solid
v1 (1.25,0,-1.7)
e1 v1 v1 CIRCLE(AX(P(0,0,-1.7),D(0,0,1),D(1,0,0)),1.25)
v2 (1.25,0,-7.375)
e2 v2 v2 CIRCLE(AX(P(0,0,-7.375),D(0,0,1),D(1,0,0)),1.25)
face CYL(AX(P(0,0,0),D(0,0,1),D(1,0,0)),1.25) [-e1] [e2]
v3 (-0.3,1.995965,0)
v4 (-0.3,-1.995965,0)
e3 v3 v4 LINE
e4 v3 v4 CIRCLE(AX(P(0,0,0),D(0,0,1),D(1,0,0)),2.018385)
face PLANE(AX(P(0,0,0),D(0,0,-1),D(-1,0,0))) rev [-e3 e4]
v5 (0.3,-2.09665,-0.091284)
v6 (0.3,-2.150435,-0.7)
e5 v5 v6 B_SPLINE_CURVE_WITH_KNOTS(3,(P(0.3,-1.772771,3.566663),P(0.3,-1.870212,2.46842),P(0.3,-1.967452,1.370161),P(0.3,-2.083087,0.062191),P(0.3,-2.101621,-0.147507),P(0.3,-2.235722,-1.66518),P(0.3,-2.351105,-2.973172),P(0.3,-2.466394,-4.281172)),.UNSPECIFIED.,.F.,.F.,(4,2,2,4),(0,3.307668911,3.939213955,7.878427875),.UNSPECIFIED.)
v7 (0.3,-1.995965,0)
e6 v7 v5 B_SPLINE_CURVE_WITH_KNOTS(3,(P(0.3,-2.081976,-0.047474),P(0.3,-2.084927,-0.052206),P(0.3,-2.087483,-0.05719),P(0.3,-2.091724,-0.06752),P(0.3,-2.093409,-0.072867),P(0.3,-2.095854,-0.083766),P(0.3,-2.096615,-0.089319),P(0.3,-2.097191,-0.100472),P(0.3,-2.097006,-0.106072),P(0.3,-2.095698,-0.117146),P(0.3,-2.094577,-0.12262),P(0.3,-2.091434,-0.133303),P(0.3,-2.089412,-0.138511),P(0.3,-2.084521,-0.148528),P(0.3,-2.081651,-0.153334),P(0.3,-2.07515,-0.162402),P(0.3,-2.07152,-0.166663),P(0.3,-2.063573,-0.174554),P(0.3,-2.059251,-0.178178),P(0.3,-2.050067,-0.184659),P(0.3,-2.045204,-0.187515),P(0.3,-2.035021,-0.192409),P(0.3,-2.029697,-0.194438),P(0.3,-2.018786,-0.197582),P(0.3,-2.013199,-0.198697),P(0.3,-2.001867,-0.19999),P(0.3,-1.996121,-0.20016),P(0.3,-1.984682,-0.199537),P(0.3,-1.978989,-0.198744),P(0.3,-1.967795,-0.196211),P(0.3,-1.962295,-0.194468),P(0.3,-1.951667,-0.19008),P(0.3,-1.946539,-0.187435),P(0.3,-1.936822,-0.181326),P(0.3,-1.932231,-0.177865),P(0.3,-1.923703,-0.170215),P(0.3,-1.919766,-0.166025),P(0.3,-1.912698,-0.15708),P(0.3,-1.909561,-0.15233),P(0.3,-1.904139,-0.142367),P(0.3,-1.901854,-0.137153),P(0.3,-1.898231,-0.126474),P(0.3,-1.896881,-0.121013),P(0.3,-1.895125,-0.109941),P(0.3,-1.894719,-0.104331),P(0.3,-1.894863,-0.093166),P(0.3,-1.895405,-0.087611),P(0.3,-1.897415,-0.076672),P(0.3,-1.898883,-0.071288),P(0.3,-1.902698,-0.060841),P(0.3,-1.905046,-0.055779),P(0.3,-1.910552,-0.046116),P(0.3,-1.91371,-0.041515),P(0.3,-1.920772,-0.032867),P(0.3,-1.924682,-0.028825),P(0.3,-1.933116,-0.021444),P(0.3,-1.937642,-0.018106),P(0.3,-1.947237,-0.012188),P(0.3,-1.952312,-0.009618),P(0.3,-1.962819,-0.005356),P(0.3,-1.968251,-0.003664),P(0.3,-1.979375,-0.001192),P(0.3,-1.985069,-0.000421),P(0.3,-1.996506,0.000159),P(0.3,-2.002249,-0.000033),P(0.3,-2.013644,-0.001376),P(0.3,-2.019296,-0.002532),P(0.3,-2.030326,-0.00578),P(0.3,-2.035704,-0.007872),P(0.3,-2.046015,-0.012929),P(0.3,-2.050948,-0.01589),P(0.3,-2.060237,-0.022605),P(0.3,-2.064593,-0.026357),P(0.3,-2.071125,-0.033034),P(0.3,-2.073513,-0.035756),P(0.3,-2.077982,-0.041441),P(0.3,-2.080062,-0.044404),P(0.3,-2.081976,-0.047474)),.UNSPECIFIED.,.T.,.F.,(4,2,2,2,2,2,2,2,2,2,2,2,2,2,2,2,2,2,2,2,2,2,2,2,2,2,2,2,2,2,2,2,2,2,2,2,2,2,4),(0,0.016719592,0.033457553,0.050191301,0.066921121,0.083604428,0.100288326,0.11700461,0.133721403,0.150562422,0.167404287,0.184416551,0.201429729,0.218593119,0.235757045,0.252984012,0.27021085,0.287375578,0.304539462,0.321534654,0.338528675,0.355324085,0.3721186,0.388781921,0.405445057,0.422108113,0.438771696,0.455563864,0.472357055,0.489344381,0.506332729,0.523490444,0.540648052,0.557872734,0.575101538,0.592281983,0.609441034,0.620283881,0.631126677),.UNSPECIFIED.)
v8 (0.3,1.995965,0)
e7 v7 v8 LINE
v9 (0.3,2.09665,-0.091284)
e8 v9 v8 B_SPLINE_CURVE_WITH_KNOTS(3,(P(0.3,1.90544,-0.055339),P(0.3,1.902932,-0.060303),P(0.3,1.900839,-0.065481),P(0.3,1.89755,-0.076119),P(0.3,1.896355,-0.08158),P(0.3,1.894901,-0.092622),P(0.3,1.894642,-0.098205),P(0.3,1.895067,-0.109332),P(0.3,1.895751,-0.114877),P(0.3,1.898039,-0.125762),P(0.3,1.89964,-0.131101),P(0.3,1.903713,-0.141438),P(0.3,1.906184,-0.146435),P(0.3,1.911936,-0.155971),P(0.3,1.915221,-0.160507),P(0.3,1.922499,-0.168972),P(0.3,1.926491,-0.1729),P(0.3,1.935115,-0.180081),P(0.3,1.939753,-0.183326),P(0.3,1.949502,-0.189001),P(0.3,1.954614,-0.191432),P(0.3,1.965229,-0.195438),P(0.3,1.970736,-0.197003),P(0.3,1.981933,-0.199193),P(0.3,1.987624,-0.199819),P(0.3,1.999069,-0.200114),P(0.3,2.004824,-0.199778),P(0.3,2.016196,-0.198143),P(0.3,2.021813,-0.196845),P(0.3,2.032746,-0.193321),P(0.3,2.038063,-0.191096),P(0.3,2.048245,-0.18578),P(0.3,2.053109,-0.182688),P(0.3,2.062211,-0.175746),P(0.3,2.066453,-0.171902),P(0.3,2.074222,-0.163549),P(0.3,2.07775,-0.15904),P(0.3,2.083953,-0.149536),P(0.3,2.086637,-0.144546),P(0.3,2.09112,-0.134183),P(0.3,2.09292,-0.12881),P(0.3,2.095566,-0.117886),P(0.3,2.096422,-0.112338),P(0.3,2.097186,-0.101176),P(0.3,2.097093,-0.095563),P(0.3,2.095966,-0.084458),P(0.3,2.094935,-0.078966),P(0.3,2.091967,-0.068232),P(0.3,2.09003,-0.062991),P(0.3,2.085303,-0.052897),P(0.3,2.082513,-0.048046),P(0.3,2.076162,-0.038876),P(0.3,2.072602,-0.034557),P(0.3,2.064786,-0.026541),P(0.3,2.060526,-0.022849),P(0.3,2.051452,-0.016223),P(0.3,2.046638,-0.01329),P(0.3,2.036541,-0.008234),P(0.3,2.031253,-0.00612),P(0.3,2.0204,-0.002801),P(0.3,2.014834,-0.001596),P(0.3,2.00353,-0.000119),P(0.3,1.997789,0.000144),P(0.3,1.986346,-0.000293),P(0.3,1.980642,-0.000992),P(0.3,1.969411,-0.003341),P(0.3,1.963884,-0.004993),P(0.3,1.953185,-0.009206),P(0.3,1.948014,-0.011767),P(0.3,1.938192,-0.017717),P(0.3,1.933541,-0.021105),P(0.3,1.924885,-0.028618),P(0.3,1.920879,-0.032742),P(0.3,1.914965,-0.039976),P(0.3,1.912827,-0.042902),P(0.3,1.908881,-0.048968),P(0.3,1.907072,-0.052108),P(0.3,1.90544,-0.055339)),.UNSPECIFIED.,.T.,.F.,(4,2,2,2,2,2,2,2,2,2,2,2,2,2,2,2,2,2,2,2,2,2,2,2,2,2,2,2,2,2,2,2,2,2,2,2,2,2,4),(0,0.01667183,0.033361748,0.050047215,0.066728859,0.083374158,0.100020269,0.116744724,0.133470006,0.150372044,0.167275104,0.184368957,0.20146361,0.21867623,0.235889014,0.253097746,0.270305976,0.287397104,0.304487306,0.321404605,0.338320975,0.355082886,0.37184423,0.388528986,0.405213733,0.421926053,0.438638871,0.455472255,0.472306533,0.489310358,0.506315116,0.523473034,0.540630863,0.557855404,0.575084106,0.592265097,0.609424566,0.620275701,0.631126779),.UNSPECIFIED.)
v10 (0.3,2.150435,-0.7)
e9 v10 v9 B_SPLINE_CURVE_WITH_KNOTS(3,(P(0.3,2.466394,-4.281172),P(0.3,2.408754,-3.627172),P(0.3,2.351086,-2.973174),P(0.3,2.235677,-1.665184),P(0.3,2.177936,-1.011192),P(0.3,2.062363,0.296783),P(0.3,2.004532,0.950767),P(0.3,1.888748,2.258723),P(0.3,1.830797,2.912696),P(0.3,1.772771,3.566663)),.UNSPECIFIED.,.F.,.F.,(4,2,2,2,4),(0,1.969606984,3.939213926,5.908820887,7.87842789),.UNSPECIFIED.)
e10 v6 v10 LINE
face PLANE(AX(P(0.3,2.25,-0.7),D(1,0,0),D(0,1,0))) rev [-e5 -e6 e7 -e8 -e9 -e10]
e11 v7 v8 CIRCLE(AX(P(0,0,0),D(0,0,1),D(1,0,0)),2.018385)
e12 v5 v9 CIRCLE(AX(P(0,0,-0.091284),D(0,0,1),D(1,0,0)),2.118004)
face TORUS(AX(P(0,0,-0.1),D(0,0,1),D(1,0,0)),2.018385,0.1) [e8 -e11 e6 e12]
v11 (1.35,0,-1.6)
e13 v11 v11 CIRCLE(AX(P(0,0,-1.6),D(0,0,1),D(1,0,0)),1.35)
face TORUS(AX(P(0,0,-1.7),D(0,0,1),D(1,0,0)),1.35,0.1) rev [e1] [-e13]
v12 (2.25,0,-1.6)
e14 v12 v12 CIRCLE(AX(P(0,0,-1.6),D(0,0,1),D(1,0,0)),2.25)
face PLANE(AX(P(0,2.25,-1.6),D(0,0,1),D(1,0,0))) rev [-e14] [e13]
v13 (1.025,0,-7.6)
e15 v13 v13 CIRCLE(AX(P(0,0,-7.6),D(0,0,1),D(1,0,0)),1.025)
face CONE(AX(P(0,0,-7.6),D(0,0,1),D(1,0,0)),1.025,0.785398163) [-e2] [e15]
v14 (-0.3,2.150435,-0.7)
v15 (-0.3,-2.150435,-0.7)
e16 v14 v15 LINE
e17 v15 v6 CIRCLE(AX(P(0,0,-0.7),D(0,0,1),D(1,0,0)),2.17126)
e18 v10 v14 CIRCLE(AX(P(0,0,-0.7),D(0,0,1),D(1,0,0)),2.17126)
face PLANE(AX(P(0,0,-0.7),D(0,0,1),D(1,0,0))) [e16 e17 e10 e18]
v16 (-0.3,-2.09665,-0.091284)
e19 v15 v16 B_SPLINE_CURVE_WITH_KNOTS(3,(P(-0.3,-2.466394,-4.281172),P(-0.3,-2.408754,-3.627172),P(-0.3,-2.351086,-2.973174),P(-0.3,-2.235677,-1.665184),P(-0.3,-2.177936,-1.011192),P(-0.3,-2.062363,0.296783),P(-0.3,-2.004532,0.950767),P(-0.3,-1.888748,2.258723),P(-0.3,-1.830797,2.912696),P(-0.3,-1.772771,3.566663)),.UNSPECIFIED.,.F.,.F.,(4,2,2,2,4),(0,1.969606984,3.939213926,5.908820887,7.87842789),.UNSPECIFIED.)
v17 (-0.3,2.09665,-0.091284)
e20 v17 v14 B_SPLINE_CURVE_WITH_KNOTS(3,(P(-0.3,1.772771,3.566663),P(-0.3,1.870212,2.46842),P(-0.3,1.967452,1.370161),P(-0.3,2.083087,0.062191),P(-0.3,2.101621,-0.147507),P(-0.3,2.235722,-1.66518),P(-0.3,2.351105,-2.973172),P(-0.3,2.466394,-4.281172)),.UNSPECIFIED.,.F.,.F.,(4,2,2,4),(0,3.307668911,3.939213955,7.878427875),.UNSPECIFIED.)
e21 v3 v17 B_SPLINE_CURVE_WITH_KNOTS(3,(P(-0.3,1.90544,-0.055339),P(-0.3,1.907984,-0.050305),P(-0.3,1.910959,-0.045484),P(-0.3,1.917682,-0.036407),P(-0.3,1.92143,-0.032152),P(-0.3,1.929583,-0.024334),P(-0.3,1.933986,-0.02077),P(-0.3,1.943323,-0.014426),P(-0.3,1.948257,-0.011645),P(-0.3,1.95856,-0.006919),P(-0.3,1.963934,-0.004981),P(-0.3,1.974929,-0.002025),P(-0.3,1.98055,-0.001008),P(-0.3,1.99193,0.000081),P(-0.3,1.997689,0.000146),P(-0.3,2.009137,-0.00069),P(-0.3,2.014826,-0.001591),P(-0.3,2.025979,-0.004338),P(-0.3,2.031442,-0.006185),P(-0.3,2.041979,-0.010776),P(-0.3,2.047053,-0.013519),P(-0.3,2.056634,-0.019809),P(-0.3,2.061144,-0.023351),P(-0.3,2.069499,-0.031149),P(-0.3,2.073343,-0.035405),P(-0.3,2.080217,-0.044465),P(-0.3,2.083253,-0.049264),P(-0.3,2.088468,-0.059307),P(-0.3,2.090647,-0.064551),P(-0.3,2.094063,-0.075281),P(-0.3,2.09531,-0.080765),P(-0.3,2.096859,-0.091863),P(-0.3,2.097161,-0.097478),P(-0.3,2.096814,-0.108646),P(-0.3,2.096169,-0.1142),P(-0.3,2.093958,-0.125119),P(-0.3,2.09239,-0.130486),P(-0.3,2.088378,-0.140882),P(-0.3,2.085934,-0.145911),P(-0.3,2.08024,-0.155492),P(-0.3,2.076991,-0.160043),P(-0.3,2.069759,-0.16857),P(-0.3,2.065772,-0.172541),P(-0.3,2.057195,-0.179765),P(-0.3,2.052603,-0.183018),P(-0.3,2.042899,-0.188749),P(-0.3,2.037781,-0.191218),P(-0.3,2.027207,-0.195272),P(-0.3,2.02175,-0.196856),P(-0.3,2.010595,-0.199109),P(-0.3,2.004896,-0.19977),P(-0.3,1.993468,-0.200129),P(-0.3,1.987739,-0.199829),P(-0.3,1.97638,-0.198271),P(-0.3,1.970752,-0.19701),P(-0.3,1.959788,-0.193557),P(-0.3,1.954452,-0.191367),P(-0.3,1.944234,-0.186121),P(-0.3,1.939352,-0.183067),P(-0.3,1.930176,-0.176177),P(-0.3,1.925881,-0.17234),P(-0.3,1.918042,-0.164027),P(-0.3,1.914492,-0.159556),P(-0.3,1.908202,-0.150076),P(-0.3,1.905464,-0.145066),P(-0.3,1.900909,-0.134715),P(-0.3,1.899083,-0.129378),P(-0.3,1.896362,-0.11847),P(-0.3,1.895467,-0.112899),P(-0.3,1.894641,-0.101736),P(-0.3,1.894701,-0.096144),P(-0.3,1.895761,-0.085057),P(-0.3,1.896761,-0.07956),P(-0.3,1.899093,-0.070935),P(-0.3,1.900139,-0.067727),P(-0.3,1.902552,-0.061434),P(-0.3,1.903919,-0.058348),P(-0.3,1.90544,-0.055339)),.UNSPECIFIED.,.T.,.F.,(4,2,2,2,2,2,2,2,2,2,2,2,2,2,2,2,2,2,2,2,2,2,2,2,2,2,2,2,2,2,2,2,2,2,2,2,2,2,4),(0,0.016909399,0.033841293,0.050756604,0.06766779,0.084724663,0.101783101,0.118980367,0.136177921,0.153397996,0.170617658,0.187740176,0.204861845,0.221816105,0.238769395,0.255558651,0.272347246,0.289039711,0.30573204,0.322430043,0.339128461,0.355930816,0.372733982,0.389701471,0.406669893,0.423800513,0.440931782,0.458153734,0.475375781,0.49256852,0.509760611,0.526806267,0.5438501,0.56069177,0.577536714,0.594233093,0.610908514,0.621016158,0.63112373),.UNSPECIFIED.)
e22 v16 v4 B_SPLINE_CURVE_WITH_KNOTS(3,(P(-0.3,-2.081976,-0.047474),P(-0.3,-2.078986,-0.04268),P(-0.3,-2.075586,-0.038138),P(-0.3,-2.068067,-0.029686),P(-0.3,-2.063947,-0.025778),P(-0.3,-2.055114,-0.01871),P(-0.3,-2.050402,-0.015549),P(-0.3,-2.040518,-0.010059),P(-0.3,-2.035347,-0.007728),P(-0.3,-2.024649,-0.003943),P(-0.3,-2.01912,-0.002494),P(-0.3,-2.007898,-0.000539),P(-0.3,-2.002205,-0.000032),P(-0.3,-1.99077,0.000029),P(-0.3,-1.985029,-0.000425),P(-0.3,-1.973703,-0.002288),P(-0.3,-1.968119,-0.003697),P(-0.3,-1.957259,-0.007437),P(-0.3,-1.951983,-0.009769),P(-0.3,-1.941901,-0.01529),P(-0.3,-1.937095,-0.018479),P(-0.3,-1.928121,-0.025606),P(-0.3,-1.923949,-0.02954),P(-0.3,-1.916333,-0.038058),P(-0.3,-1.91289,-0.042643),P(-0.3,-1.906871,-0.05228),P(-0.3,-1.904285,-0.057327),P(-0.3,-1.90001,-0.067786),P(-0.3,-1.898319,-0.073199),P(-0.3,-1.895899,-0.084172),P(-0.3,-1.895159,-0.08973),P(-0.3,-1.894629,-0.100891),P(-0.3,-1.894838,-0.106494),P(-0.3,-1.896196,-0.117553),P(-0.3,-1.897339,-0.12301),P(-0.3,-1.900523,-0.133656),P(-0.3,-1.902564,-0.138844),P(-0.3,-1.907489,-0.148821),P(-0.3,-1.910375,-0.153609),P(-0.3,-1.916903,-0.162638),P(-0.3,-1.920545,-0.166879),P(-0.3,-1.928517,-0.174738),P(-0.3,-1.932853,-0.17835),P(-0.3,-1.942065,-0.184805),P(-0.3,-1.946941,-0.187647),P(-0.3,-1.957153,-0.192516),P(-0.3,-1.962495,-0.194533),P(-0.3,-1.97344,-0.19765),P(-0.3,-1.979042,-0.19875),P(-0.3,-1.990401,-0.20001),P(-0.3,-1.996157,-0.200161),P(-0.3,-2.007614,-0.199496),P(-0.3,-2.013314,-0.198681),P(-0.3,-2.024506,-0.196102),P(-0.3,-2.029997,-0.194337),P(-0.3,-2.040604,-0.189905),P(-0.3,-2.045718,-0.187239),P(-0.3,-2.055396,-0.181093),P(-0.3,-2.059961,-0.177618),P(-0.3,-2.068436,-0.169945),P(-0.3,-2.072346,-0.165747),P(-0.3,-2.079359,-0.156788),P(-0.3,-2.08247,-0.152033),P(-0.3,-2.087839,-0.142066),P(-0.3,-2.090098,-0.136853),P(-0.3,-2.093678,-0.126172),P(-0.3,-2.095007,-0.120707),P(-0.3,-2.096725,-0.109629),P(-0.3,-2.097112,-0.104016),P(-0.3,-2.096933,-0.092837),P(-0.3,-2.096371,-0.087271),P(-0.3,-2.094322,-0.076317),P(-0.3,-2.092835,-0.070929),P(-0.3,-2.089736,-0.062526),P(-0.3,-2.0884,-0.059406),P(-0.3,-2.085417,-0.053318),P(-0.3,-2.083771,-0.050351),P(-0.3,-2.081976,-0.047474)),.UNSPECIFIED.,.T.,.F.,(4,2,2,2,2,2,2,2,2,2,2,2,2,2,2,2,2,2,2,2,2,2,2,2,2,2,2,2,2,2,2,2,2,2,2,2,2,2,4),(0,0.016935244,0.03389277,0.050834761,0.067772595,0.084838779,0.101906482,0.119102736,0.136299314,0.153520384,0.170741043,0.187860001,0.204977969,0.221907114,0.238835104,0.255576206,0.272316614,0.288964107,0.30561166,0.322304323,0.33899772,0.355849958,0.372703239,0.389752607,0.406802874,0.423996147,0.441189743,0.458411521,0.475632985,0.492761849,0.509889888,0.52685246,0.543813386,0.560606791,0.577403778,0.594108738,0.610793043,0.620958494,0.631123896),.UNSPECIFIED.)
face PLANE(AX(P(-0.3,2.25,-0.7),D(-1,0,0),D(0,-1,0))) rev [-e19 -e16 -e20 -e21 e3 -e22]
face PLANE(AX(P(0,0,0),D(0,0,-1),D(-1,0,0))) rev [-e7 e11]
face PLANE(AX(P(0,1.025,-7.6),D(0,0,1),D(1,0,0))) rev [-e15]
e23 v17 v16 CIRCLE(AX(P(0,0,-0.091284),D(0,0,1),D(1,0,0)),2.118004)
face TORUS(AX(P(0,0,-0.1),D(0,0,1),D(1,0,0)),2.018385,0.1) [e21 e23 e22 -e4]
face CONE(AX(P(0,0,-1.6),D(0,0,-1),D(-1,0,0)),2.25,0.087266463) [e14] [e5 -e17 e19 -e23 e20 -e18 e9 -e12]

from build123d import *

# Parameters (mm, degrees)
SKETCH2_W          = 0.6
SKETCH2_H          = 4.5
CUT_EXTRUDE1_DEPTH = 0.7


with BuildPart() as part:
    # Sketch1 → Revolve1 (revolve)
    with BuildSketch(Plane(origin=(0, 0, 0), x_dir=(0, 0, -1), z_dir=(1, 0, 0))):
        with BuildLine():
            Line((0, 0), (0, 2.018385021))
            ThreePointArc((0, 2.018385021), (0.026272266, 2.085944042), (0.091284426, 2.118004491))
            Line((0.091284426, 2.118004491), (1.6, 2.25))
            Line((1.6, 2.25), (1.6, 1.35))
            ThreePointArc((1.6, 1.35), (1.629289322, 1.279289322), (1.7, 1.25))
            Line((1.7, 1.25), (7.375, 1.25))
            Line((7.375, 1.25), (7.6, 1.025))
            Line((7.6, 1.025), (7.6, 0))
            Line((7.6, 0), (0, 0))
        make_face()
    revolve(axis=Axis((0, 0, 0), (0, 0, -1)))

    # Sketch2 → Cut-Extrude1 (cut)
    with BuildSketch(Plane.XY):
        Rectangle(SKETCH2_W, SKETCH2_H)
    extrude(amount=-CUT_EXTRUDE1_DEPTH, mode=Mode.SUBTRACT)


solid = part.part
